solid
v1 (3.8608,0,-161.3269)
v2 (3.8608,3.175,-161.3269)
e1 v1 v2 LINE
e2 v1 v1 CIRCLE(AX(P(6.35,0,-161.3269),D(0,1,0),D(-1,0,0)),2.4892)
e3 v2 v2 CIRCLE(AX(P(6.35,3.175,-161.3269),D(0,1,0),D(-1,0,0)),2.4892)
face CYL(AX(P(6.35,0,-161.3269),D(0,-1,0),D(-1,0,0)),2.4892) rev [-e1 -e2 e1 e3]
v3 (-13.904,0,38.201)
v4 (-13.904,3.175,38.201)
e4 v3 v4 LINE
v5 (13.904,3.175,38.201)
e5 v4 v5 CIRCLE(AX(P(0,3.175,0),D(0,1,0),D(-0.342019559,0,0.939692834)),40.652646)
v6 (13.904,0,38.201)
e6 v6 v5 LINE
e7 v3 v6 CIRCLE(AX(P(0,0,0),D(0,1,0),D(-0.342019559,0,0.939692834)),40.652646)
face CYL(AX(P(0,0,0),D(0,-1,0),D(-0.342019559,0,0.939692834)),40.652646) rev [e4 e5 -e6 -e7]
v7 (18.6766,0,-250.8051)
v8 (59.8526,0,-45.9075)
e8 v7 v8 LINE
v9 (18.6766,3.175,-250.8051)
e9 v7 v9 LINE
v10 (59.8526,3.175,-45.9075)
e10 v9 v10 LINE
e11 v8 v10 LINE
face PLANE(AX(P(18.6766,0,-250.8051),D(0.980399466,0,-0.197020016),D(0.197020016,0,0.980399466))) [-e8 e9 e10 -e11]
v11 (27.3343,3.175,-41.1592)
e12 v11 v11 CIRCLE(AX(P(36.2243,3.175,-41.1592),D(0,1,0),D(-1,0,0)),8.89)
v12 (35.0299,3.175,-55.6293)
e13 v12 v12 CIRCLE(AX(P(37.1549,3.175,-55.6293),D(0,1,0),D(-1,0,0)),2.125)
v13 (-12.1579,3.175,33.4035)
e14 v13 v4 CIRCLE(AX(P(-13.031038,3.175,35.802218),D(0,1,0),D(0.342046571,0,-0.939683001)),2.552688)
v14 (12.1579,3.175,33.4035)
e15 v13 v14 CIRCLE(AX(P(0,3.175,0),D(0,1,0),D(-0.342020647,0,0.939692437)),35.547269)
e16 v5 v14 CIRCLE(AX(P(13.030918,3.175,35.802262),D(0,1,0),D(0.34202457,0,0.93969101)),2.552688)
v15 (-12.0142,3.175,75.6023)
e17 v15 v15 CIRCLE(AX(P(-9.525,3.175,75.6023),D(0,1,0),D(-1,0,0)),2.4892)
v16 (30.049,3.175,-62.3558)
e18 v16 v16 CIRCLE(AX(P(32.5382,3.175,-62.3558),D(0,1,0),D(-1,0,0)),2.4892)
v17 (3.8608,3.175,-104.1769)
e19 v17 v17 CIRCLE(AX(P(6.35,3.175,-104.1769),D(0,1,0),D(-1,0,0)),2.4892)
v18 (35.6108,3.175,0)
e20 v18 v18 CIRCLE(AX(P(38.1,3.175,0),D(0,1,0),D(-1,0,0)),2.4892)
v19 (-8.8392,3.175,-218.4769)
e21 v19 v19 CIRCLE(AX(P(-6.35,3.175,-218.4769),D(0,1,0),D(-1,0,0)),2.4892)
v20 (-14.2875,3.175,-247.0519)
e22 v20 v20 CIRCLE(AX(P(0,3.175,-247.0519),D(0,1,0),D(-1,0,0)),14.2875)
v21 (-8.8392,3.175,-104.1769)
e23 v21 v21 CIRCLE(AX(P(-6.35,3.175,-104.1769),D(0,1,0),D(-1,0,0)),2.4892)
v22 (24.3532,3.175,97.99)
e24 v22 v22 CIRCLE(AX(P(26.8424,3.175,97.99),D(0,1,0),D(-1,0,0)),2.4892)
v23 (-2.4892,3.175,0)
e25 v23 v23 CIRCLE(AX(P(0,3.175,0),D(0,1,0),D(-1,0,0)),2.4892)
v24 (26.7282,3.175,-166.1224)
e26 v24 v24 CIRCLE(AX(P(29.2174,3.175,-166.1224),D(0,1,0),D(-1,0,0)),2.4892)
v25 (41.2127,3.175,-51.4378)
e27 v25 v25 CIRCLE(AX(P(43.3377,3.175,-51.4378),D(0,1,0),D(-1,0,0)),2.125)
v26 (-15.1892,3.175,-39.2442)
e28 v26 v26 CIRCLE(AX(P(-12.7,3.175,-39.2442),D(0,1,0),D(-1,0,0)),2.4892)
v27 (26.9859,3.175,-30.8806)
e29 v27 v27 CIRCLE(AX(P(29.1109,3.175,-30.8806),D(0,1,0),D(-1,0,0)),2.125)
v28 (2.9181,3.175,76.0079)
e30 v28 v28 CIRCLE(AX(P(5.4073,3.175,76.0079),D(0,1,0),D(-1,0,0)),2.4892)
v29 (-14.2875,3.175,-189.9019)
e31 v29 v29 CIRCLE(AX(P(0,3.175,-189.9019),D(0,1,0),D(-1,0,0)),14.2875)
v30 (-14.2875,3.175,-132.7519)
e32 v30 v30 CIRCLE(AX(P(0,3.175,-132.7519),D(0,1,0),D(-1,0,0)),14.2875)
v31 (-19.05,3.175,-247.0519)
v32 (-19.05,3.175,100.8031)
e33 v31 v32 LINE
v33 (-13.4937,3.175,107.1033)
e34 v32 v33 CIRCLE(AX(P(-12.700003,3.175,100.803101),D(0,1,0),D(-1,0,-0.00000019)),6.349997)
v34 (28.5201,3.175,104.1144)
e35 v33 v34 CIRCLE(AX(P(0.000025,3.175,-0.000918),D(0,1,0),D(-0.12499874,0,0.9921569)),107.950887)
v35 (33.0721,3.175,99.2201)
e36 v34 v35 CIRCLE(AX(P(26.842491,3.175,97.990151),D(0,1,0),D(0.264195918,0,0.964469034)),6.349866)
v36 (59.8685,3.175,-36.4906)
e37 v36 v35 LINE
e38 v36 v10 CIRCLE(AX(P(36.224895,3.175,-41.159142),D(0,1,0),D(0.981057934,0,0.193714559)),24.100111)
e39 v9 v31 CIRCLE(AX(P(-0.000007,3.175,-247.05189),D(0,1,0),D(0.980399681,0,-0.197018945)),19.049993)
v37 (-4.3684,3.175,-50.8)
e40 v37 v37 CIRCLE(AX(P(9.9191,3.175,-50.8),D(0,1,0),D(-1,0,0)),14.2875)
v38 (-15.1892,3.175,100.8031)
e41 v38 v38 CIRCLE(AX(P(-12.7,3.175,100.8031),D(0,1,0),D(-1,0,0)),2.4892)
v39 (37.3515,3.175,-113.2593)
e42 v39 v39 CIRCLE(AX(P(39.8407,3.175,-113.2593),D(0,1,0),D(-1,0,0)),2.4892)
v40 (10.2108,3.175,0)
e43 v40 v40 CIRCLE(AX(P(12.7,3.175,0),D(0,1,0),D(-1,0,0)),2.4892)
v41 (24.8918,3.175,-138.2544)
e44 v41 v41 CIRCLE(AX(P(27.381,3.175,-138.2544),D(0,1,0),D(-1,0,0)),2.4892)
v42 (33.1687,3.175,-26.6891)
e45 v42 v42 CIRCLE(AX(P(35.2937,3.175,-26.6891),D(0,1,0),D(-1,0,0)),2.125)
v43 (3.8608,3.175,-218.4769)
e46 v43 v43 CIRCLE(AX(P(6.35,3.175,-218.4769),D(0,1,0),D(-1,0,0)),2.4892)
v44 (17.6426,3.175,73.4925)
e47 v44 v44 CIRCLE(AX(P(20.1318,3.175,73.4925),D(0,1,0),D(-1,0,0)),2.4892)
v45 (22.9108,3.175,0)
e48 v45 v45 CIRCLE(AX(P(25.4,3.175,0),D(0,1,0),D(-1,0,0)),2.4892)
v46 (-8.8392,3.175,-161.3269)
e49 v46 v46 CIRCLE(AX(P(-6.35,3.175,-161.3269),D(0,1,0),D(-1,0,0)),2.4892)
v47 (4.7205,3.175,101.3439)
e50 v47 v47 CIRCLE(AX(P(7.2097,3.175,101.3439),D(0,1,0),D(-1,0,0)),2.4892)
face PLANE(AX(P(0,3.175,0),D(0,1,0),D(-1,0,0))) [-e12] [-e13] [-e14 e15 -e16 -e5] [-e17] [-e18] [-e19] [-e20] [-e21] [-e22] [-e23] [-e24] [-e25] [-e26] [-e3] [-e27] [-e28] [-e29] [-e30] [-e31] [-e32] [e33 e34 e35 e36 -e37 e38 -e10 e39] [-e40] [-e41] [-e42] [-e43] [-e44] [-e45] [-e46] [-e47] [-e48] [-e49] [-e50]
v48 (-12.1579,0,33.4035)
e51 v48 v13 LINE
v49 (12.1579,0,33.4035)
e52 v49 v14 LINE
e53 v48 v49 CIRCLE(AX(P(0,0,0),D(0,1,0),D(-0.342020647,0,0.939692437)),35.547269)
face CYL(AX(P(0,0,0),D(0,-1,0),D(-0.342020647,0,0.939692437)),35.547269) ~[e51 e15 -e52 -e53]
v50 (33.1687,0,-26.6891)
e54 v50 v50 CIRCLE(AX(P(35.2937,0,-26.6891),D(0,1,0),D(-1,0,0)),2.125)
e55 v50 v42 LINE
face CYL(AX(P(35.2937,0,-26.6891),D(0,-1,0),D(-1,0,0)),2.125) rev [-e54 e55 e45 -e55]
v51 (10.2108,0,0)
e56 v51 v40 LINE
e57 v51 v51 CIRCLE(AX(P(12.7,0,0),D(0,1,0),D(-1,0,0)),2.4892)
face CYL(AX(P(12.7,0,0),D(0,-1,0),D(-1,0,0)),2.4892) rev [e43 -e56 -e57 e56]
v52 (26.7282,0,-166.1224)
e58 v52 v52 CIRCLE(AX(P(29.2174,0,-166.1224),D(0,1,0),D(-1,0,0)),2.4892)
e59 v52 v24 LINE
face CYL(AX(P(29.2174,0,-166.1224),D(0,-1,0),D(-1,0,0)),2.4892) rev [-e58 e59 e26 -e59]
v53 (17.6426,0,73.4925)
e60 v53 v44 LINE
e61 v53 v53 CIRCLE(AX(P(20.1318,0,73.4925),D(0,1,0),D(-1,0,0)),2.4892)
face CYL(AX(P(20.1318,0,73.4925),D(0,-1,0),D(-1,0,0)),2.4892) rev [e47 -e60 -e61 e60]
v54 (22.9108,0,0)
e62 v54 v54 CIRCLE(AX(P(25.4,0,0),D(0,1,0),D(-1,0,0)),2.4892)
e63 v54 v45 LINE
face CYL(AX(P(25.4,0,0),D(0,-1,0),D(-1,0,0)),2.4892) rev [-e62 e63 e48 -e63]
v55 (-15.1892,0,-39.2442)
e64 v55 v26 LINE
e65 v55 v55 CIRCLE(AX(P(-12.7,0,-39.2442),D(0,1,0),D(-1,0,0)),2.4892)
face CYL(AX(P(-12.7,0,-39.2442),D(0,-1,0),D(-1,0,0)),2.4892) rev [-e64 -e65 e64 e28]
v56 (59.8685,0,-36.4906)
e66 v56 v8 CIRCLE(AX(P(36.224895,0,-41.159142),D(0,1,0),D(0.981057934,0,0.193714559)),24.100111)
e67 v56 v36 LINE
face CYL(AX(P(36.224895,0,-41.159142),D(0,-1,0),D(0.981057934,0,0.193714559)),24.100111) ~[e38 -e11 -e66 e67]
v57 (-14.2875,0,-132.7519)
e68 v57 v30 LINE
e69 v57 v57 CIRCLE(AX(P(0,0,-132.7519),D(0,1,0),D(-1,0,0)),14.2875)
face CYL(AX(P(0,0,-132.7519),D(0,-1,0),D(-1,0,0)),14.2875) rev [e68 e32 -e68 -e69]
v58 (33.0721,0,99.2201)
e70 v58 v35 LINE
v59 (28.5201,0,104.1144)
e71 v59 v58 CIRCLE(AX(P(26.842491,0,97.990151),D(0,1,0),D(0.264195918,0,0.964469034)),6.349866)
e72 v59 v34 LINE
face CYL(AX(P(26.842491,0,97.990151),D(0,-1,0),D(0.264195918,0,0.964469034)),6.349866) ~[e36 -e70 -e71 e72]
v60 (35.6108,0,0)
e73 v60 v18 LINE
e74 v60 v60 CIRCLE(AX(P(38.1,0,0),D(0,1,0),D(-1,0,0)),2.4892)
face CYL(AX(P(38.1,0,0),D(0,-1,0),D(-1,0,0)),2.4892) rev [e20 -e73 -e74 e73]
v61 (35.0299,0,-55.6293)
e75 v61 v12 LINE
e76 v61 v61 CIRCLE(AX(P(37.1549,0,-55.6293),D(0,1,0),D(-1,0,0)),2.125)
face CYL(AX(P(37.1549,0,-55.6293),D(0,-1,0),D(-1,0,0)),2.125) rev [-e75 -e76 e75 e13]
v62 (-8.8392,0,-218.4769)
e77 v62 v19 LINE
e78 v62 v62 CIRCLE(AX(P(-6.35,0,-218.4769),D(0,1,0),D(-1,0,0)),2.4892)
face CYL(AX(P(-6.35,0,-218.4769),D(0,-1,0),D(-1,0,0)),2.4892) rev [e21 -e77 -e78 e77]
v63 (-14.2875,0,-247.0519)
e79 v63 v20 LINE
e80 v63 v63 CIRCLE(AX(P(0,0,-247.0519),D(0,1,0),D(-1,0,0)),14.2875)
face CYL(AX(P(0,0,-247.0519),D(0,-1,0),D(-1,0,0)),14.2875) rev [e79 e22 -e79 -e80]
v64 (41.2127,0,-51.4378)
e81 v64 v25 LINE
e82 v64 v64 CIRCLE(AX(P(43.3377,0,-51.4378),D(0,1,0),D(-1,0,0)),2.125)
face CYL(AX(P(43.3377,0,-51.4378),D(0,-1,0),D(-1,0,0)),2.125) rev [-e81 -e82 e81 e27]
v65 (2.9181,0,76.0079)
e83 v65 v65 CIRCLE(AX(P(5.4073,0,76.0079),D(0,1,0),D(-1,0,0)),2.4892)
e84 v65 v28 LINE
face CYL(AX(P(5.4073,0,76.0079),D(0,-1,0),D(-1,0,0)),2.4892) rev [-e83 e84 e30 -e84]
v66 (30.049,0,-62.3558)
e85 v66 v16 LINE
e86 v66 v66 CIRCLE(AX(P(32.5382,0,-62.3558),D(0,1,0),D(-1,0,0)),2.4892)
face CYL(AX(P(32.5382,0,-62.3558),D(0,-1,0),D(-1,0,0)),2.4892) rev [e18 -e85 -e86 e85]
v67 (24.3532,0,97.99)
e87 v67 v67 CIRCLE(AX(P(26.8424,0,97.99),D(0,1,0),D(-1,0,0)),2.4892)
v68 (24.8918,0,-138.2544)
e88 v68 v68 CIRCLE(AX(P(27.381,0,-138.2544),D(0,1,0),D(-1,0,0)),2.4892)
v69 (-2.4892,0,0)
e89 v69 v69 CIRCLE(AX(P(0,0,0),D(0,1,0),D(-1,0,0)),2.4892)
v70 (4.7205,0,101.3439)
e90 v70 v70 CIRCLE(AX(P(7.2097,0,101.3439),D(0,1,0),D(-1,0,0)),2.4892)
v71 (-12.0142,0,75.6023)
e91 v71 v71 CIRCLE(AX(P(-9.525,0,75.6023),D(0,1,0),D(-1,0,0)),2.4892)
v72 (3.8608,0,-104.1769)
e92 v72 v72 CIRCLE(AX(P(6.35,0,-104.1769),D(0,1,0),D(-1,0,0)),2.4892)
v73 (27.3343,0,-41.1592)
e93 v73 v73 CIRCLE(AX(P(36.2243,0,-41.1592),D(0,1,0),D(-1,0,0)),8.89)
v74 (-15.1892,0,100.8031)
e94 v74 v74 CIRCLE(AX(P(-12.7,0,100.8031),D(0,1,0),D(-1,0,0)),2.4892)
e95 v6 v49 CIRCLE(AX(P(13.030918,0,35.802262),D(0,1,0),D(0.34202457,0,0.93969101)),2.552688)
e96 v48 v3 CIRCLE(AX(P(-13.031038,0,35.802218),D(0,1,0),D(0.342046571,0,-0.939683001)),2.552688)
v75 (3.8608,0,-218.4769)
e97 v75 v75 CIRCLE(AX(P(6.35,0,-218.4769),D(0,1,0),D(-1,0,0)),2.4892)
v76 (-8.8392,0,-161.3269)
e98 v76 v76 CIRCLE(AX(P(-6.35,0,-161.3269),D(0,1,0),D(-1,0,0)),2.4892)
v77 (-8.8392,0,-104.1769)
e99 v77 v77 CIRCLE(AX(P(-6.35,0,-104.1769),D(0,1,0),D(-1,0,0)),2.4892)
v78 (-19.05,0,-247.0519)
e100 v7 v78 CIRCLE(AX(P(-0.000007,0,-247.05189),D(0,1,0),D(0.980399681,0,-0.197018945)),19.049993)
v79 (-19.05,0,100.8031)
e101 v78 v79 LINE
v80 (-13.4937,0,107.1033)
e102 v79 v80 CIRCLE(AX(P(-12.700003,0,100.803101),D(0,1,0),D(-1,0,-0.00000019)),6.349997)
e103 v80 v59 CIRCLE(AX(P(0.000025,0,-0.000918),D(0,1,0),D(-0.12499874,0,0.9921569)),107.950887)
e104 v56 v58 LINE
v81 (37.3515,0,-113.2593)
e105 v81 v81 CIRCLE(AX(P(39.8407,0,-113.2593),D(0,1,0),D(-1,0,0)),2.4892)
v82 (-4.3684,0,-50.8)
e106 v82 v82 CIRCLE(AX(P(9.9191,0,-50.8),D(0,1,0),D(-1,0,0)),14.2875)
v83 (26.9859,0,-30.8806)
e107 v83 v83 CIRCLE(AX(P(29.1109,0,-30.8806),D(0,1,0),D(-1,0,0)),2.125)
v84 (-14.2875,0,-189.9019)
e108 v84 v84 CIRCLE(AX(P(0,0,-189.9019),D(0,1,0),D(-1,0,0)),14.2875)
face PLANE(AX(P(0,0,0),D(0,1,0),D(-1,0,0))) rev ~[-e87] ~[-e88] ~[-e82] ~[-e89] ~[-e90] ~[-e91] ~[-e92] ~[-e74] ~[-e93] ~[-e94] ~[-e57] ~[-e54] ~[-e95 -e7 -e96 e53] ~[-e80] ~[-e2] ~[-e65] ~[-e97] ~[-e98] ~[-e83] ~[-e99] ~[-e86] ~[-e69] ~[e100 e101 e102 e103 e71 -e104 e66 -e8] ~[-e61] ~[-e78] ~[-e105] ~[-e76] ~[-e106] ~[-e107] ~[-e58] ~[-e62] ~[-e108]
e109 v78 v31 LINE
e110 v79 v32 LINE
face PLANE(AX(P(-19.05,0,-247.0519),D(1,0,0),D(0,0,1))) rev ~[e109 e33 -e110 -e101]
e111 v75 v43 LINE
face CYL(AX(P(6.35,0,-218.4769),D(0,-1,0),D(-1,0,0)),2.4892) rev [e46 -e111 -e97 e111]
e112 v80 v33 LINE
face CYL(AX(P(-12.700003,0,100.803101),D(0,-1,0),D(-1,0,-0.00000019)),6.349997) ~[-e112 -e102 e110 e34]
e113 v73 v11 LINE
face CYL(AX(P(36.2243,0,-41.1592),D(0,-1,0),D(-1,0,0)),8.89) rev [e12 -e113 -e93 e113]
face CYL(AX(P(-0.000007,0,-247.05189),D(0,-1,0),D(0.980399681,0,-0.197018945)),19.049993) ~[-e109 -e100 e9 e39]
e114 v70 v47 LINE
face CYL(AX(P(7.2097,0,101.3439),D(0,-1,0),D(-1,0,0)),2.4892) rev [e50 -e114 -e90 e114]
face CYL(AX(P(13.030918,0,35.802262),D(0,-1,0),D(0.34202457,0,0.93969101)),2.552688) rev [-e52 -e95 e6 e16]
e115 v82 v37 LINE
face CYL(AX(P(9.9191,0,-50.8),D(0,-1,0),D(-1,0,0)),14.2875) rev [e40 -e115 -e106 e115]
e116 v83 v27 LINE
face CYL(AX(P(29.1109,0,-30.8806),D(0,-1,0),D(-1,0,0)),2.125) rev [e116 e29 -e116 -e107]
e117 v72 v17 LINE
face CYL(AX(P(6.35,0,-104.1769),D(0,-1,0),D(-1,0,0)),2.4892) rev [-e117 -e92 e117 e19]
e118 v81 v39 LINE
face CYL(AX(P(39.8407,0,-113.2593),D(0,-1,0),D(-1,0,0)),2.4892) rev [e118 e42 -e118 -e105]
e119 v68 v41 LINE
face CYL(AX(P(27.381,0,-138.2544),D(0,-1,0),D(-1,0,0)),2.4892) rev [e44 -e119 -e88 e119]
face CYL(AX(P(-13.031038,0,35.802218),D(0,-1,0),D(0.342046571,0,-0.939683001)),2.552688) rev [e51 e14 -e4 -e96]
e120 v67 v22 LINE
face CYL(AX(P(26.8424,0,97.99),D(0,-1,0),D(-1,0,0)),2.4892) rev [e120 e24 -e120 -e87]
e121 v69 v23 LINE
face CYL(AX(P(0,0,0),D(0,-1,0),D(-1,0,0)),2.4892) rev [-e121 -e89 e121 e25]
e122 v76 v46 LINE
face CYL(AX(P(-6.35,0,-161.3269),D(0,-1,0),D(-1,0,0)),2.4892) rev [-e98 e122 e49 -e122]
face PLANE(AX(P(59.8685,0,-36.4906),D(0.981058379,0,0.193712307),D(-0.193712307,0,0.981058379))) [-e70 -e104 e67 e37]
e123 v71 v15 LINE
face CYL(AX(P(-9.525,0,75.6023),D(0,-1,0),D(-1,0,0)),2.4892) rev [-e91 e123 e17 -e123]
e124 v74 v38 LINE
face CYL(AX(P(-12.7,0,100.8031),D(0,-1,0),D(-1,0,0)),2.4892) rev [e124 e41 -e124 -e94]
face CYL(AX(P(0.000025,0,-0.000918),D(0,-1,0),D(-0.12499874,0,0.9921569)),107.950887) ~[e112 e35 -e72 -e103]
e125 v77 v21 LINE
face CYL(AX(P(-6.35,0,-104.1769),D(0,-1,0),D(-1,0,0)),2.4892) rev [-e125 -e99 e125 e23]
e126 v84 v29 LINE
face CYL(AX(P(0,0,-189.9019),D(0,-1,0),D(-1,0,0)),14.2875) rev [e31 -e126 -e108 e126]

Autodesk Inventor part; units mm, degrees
ref_plane "YZ Plane" through (0, 0, 0) normal (1, 0, 0) x (0, 1, 0)
ref_plane "XZ Plane" through (0, 0, 0) normal (0, 1, 0) x (-1, 0, 0)
ref_plane "XY Plane" through (0, 0, 0) normal (0, 0, 1) x (1, 0, 0)
sketch "Sketch1" plane through (0, 0, 0) normal (0, 1, 0) x (-1, 0, 0)
  circle A0 centre (0, 0) radius 2.4892
  arc A1 (13.031, 35.8023) -> (-13.031, 35.8023) centre (0, 0) ccw construction
  arc A2 (13.904, 38.201) -> (-13.904, 38.201) centre (0, 0) ccw
  arc A3 (12.1579, 33.4035) -> (-12.1579, 33.4035) centre (0, 0) ccw
  arc A4 (12.1579, 33.4035) -> (13.904, 38.201) centre (13.031, 35.8023) ccw
  arc A5 (-13.904, 38.201) -> (-12.1579, 33.4035) centre (-13.031, 35.8023) ccw
  circle A6 centre (9.525, 75.6023) radius 2.4892
  circle A7 centre (12.7, 100.8031) radius 2.4892
  circle A8 centre (6.35, -218.4769) radius 2.4892
  circle A9 centre (-5.4073, 76.0079) radius 2.4892
  circle A10 centre (-20.1318, 73.4925) radius 2.4892
  line L0 (0, 0) -> (12.7, 100.8031) construction
  circle A11 centre (-7.2097, 101.3439) radius 2.4892
  circle A12 centre (-26.8424, 97.99) radius 2.4892
  line L1 (-7.2097, 101.3439) -> (0, 0) construction
  line L2 (0, 0) -> (0, 59.2895) construction
  line L3 (13.031, 35.8023) -> (0, 0) construction
  line L4 (-13.031, 35.8023) -> (0, 0) construction
  circle A13 centre (0, -247.0519) radius 14.2875
  line L5 (19.05, -247.0519) -> (19.05, 100.8031)
  arc A14 (19.05, 100.8031) -> (13.4937, 107.1033) centre (12.7, 100.8031) ccw
  arc A15 (-28.5201, 104.1144) -> (-33.0721, 99.2201) centre (-26.8424, 97.99) ccw
  arc A16 (13.4937, 107.1033) -> (-28.5201, 104.1144) centre (0, 0) ccw
  line L6 (0, 0) -> (-40.6527, 0) construction
  circle A17 centre (-6.35, -218.4769) radius 2.4892
  circle A18 centre (6.35, -161.3269) radius 2.4892
  circle A19 centre (-6.35, -161.3269) radius 2.4892
  circle A20 centre (6.35, -104.1769) radius 2.4892
  circle A21 centre (-6.35, -104.1769) radius 2.4892
  circle A22 centre (0, -189.9019) radius 14.2875
  circle A23 centre (0, -132.7519) radius 14.2875
  line L7 (0, -247.0519) -> (6.35, -218.4769) construction
  line L8 (6.35, -218.4769) -> (0, -189.9019) construction
  line L9 (0, -247.0519) -> (-6.35, -218.4769) construction
  line L10 (-6.35, -218.4769) -> (0, -189.9019) construction
  line L11 (-18.6766, -250.8051) -> (-59.8526, -45.9075)
  line L12 (-59.8685, -36.4906) -> (-33.0721, 99.2201)
  circle A24 centre (-9.9191, -50.8) radius 14.2875
  circle A25 centre (-32.5382, -62.3558) radius 2.4892
  circle A26 centre (12.7, -39.2442) radius 2.4892
  circle A27 centre (-36.2243, -41.1592) radius 8.89
  circle A28 centre (-43.3377, -51.4378) radius 2.125
  circle A29 centre (-35.2937, -26.6891) radius 2.125
  circle A30 centre (-29.1109, -30.8806) radius 2.125
  circle A31 centre (-37.1549, -55.6293) radius 2.125
  arc A32 (-59.8685, -36.4906) -> (-59.8526, -45.9075) centre (-36.2243, -41.1592) ccw
  circle A33 centre (-9.9191, -50.8) radius 22.8981 construction
  circle A34 centre (-36.2243, -41.1592) radius 5.1181 construction
  circle A35 centre (-37.1549, -55.6293) radius 4.7625 construction
  circle A36 centre (-29.1109, -30.8806) radius 4.7625 construction
  line L13 (0, -247.0519) -> (0, -189.9019) construction
  line L14 (16.3478, -247.0519) -> (16.3478, -189.9019) construction
  line L15 (-16.3478, -189.9019) -> (-16.3478, -247.0519) construction
  arc A37 (-16.3478, -247.0519) -> (16.3478, -247.0519) centre (0, -247.0519) ccw construction
  arc A38 (16.3478, -189.9019) -> (-16.3478, -189.9019) centre (0, -189.9019) ccw construction
  line L16 (0, -189.9019) -> (0, -132.7519) construction
  line L17 (17.8104, -189.9019) -> (17.8104, -132.7519) construction
  line L18 (-17.8104, -132.7519) -> (-17.8104, -189.9019) construction
  arc A39 (-17.8104, -189.9019) -> (17.8104, -189.9019) centre (0, -189.9019) ccw construction
  arc A40 (17.8104, -132.7519) -> (-17.8104, -132.7519) centre (0, -132.7519) ccw construction
  line L19 (0, -132.7519) -> (-9.9191, -50.8) construction
  line L20 (-17.6814, -134.892) -> (-27.6005, -52.9401) construction
  line L21 (7.7622, -48.6599) -> (17.6814, -130.6118) construction
  arc A41 (-17.6814, -134.892) -> (17.6814, -130.6118) centre (0, -132.7519) ccw construction
  arc A42 (7.7622, -48.6599) -> (-27.6005, -52.9401) centre (-9.9191, -50.8) ccw construction
  line L22 (-32.5382, -62.3558) -> (12.7, -39.2442) construction
  line L23 (-60.325, -8.1201) -> (-60.325, -77.446) construction
  circle A43 centre (-12.7, 0) radius 2.4892
  circle A44 centre (-25.4, 0) radius 2.4892
  circle A45 centre (-38.1, 0) radius 2.4892
  circle A46 centre (-38.1, 0) radius 14.2875 construction
  line L24 (19.05, -12.7) -> (-50.1557, -12.7) construction
  line L25 (-50.1557, -12.7) -> (-50.1557, 12.7) construction
  line L26 (-50.1557, 12.7) -> (19.05, 12.7) construction
  line L27 (19.05, 12.7) -> (19.05, -12.7) construction
  line L28 (19.05, -12.7) -> (-50.1557, 12.7) construction
  line L29 (-50.1557, -12.7) -> (19.05, 12.7) construction
  arc A47 (-18.6766, -250.8051) -> (19.05, -247.0519) centre (0, -247.0519) ccw
  circle A48 centre (12.7, -39.2442) radius 6.35 construction
  circle A49 centre (-29.2174, -166.1224) radius 2.4892
  circle A50 centre (-39.8407, -113.2593) radius 6.35 construction
  circle A51 centre (-27.381, -138.2544) radius 2.4892
  line L30 (-29.2174, -166.1224) -> (-27.381, -138.2544) construction
  line L31 (-27.381, -138.2544) -> (-39.8407, -113.2593) construction
  circle A52 centre (-29.2174, -166.1224) radius 6.35 construction
  circle A53 centre (-39.8407, -113.2593) radius 2.4892
  line L32 (0, -132.7519) -> (-27.381, -138.2544) construction
  circle A54 centre (-27.381, -138.2544) radius 13.6409 construction
  circle A55 centre (0, -247.0519) radius 50.8 construction
  circle A56 centre (0, -132.7519) radius 50.8 construction
  line L33 (-33.8517, -66.4129) -> (0.3232, -77.4763) construction
  line L34 (5.6938, -74.7325) -> (16.7572, -40.5577) construction
  line L35 (14.0134, -35.1871) -> (-20.1614, -24.1237) construction
  line L36 (-25.5321, -26.8675) -> (-36.5954, -61.0423) construction
  line L37 (-37.9089, -65.0995) -> (18.0706, -36.5005) construction
  line L38 (4.3804, -78.7897) -> (-24.2186, -22.8103) construction
  arc A57 (-36.5954, -61.0423) -> (-33.8517, -66.4129) centre (-32.5382, -62.3558) ccw construction
  arc A58 (16.7572, -40.5577) -> (14.0134, -35.1871) centre (12.7, -39.2442) ccw construction
  arc A59 (-20.1614, -24.1237) -> (-25.5321, -26.8675) centre (-21.4749, -28.1809) ccw construction
  arc A60 (0.3232, -77.4763) -> (5.6938, -74.7325) centre (1.6366, -73.4191) ccw construction
  circle A61 centre (-32.5382, -62.3558) radius 6.0334 construction
  point P0 (0, -218.4769)
  point P1 (0, -161.3269)
  point P2 (-4.9596, -91.7759)
  point P3 (-15.5529, 0)
  dimension "d0" = 4.9784
  dimension "d1" = 38.1
  dimension "d2" = 5.1054
  dimension "d5" = 22.5
  dimension "d7" = 14.9378
  dimension "d8" = 25.4
  dimension "d11" = 22.5
  dimension "d13" = 76.2
  dimension "d14" = 40
  dimension "d15" = 28.575
  dimension "d18" = 12.7
  dimension "d19" = 107.95
  dimension "d22" = 12.7
  dimension "d25" = 57.15
  dimension "d30" = 57.15
  dimension "d35" = 28.575
  dimension "d38" = 360
  dimension "d40" = 50.8
  dimension "d41" = 17.78
  dimension "d44" = 360
  dimension "d46" = 29
  dimension "d48" = 4.25
  dimension "d49" = 25
  dimension "d50" = 45.7962
  dimension "d51" = 10.2362
  dimension "d52" = 82.55
  dimension "d54" = 297.062
  dimension "d55" = 50.8
  dimension "d56" = 9.525
  dimension "d57" = 79.375
  dimension "d60" = 12.7
  dimension "d66" = 28.575
  dimension "d67" = 25.4
  dimension "d68" = 4.7625
  dimension "d70" = 12.7
  dimension "d72" = 35.6208
  dimension "d75" = 101.6
  dimension "d76" = 101.6
  dimension "d77" = 44.45
  dimension "d78" = 4.2645
extrude "Extrusion1" add sketch "Sketch1" along normal blind 3.175
equation "\"d30\" = d25"
properties part number "GreyT Claw Top V2" material "Aluminum 6061"
